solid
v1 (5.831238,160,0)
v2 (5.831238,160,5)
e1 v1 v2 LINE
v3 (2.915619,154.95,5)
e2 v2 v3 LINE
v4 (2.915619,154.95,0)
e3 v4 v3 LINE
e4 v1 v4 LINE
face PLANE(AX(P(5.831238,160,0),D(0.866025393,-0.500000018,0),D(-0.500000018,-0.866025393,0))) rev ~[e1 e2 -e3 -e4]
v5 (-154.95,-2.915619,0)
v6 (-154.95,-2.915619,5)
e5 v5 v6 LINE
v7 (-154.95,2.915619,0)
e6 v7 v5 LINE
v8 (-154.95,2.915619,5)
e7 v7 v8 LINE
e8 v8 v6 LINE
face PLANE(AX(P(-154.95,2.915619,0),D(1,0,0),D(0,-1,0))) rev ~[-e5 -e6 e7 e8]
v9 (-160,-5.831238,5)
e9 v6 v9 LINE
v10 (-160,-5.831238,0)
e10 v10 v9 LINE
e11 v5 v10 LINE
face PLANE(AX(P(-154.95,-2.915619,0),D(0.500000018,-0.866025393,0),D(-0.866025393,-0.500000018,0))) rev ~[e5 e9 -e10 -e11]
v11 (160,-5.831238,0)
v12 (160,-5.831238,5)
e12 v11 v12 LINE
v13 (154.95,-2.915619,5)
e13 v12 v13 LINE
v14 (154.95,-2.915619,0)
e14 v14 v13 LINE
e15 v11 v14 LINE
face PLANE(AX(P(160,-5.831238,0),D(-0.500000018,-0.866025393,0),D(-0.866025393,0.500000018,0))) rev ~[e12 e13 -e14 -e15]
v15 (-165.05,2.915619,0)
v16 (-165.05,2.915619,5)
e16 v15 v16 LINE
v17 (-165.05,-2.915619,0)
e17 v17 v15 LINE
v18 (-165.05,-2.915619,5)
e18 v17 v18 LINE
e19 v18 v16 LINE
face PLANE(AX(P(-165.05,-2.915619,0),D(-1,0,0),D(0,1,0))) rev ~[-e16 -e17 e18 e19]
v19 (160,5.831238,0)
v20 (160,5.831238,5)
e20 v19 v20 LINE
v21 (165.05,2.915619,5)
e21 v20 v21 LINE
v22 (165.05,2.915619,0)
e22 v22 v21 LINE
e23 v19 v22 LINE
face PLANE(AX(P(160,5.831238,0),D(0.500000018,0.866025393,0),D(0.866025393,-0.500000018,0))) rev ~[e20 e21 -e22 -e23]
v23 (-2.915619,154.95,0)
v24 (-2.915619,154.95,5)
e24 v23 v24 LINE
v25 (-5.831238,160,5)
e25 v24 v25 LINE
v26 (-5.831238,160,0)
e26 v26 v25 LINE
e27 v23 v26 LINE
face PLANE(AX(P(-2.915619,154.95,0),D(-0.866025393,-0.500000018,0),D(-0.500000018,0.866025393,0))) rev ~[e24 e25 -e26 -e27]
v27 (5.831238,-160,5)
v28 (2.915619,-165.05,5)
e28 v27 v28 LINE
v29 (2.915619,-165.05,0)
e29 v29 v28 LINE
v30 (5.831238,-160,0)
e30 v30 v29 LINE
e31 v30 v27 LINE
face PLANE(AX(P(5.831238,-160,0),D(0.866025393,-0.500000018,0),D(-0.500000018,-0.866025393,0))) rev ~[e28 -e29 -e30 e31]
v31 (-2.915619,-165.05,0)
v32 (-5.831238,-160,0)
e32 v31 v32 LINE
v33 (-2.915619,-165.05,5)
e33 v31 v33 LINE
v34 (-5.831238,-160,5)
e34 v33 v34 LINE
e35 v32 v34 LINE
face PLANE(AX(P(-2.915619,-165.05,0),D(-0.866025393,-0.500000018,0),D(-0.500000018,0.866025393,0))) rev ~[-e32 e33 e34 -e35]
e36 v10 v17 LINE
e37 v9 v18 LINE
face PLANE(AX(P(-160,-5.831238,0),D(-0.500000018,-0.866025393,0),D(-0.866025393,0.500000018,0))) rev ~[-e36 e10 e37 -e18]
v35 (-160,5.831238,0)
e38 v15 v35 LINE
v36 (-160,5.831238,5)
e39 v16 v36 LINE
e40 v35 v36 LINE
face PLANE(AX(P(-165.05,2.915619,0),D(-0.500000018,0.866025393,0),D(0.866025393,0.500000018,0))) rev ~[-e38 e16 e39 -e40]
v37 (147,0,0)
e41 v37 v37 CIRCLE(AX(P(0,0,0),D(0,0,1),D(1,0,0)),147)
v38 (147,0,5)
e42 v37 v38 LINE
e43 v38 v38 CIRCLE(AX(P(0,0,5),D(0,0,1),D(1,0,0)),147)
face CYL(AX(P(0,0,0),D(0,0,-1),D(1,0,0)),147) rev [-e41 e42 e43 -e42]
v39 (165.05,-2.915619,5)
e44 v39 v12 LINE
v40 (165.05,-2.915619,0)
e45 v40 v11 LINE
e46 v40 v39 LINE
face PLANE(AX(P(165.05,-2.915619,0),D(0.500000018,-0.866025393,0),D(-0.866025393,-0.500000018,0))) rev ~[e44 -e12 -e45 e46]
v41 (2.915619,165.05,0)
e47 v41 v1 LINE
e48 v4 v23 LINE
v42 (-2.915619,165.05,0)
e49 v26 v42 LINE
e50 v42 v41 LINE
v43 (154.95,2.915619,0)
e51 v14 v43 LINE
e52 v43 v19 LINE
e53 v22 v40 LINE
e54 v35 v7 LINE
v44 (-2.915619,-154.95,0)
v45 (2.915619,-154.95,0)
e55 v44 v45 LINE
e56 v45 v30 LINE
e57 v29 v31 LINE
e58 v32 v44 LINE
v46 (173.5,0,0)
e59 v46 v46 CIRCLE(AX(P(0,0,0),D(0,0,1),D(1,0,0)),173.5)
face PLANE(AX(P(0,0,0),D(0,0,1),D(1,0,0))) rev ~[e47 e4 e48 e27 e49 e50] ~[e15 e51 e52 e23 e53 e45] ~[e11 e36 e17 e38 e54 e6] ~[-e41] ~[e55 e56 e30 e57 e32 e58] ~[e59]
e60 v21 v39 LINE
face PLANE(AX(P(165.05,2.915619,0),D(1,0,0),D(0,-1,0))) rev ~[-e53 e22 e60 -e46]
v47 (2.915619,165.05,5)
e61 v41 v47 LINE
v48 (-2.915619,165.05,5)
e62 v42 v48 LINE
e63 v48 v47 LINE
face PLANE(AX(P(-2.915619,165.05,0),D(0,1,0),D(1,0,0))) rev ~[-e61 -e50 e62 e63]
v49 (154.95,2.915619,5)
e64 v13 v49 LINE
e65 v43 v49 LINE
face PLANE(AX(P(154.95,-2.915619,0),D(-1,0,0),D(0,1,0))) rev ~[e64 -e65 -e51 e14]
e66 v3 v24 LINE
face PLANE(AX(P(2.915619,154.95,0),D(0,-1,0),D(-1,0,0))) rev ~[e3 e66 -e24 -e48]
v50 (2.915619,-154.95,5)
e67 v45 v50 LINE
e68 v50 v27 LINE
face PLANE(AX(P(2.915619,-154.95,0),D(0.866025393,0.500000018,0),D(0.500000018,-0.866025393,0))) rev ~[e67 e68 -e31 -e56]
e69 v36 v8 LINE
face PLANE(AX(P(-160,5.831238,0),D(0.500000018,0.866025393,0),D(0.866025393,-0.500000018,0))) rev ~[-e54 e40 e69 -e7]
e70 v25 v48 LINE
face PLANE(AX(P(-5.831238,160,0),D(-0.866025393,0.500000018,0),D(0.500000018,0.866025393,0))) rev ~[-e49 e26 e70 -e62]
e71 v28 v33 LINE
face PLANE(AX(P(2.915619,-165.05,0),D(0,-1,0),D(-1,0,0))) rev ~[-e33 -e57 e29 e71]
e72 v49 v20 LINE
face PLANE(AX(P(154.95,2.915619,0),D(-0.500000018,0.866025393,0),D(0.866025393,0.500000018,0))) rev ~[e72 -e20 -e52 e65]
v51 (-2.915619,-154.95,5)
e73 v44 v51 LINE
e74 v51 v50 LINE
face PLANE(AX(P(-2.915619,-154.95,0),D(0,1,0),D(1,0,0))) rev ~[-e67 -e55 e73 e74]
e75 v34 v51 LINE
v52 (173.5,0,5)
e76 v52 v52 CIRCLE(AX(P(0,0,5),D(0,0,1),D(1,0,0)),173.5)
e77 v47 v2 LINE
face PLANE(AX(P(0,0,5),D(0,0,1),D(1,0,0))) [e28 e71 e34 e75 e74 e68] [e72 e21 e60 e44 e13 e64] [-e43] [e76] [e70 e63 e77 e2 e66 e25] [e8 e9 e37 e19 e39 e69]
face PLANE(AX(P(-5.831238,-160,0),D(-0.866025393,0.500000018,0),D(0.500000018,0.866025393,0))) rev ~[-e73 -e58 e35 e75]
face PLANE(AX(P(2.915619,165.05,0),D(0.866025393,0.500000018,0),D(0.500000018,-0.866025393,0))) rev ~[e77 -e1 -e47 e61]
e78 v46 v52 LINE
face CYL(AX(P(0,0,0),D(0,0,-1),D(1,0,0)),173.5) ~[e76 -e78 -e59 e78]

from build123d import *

# Parameters (mm, degrees)
F0_R     = 173.5
F0_R_2   = 147
F1_DEPTH = 5


with BuildPart() as f1:
    # F0 (on Top) → F1 (new body)
    with BuildSketch(Plane.XY):
        Circle(F0_R)
        Polygon((-5.831238, -160), (-2.915619, -154.95), (2.915619, -154.95), (5.831238, -160), (2.915619, -165.05), (-2.915619, -165.05), align=None, mode=Mode.SUBTRACT)
        Polygon((-160, 5.831238), (-154.95, 2.915619), (-154.95, -2.915619), (-160, -5.831238), (-165.05, -2.915619), (-165.05, 2.915619), align=None, mode=Mode.SUBTRACT)
        Circle(F0_R_2, mode=Mode.SUBTRACT)
        Polygon((160, -5.831238), (154.95, -2.915619), (154.95, 2.915619), (160, 5.831238), (165.05, 2.915619), (165.05, -2.915619), align=None, mode=Mode.SUBTRACT)
        Polygon((5.831238, 160), (2.915619, 154.95), (-2.915619, 154.95), (-5.831238, 160), (-2.915619, 165.05), (2.915619, 165.05), align=None, mode=Mode.SUBTRACT)
    extrude(amount=F1_DEPTH)


solid = f1.part
